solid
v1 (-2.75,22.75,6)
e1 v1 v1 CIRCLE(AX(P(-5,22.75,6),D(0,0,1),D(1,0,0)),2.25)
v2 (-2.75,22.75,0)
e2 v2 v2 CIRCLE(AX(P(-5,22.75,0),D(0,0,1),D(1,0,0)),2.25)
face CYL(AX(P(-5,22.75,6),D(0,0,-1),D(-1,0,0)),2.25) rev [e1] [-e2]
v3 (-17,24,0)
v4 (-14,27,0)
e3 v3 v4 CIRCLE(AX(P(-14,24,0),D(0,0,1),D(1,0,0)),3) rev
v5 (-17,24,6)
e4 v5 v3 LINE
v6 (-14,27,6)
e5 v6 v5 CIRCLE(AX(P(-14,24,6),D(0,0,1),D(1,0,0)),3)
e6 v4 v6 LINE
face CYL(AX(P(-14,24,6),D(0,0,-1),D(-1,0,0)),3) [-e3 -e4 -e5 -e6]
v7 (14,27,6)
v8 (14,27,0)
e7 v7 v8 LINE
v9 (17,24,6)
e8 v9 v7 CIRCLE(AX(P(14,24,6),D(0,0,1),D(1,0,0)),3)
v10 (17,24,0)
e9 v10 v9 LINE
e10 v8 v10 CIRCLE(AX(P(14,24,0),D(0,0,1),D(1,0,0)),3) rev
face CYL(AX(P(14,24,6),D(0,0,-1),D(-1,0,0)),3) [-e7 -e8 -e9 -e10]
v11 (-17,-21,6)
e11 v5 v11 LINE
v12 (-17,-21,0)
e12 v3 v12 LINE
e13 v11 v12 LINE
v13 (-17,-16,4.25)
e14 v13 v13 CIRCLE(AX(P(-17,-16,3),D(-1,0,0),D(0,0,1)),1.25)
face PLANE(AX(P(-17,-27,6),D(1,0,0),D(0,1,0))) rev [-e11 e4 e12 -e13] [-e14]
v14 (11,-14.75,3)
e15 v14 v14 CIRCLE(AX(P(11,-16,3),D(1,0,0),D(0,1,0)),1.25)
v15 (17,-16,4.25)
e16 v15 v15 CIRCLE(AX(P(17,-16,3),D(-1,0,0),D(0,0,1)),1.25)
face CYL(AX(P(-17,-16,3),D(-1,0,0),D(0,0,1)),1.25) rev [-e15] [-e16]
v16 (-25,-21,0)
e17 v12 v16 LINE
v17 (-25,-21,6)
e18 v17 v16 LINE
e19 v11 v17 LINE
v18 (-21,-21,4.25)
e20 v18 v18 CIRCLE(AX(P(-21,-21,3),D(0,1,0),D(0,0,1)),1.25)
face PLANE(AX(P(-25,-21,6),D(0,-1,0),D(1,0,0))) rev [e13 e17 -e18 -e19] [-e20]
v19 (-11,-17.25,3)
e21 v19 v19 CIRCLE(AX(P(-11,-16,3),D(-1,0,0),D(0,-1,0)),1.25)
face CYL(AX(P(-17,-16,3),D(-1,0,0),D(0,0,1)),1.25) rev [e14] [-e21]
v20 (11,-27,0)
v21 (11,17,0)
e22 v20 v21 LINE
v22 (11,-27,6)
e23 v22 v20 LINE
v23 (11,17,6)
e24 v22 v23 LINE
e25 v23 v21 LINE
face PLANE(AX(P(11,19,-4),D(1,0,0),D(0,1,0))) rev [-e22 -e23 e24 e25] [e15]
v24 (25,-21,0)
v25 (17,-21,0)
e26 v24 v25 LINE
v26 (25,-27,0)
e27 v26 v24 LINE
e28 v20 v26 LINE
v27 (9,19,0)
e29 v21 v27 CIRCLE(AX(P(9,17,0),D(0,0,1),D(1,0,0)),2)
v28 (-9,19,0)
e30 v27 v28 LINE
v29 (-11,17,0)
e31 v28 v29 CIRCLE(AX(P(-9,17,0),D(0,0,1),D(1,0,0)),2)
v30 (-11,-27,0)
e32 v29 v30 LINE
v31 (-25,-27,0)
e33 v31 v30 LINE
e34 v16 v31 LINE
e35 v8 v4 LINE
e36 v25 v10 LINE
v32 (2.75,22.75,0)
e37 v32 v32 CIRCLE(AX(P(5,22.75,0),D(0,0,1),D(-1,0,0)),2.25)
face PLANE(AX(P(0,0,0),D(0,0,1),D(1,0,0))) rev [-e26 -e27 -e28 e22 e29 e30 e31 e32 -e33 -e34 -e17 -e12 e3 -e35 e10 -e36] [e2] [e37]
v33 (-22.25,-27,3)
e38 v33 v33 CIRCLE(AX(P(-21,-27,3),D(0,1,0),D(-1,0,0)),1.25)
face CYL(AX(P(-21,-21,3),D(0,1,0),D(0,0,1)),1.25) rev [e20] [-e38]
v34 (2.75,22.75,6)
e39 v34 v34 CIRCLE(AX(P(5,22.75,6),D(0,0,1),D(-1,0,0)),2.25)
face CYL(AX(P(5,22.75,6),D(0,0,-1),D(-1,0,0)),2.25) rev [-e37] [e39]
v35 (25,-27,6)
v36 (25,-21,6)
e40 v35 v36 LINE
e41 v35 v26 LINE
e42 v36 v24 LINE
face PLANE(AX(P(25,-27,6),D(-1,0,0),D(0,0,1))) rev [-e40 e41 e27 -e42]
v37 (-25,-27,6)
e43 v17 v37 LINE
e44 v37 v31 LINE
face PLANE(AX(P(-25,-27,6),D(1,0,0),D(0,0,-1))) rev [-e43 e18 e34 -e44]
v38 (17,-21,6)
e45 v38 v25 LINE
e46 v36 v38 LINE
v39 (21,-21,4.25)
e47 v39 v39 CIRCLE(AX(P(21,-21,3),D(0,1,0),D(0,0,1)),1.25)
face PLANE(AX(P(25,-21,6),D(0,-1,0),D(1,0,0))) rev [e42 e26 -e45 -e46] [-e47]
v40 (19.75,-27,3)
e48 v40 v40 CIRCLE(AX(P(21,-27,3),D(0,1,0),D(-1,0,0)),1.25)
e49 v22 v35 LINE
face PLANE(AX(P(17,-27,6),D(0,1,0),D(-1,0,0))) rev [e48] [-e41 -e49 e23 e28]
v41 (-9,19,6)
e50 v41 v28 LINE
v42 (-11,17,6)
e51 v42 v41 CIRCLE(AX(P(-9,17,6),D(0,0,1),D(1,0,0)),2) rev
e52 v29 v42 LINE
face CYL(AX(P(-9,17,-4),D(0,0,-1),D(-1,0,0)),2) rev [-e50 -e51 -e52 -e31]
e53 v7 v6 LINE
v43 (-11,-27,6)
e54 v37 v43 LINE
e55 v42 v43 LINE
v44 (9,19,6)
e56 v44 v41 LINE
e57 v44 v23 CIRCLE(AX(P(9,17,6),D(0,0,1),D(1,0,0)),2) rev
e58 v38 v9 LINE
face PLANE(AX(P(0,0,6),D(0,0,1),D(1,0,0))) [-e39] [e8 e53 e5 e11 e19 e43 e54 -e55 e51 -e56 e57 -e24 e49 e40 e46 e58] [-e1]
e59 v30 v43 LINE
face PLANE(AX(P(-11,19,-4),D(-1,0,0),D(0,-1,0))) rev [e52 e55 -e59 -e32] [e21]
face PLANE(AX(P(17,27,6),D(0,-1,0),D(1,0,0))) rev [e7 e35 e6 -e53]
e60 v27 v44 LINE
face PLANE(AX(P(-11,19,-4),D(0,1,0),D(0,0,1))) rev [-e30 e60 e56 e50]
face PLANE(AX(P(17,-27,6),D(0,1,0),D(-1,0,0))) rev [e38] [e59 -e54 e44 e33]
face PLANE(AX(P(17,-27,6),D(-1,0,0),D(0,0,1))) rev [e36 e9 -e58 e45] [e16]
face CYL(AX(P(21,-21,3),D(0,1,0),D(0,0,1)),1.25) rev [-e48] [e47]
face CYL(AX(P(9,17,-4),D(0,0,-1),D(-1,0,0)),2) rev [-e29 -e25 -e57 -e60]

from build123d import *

# Parameters (mm, degrees)
SKETCH_1_W             = 34
SKETCH_1_H             = 54
SKETCH_1_R             = 2.25
EXTRUDE_1_DEPTH        = 6
SKETCH_4_W             = 8
SKETCH_4_H             = 6
EXTRUDE_2_DEPTH        = 6
SKETCH_2_W             = 22
SKETCH_2_H             = 46
CUT_EXTRUDE_1_DEPTH    = 10
FILLET_1_R             = 3
FILLET_2_R             = 2
HOLE_WIZARD_M3_1_D     = 2.5
HOLE_WIZARD_M3_1_DEPTH = 7.5
HOLE_WIZARD_M3_1_TIP   = 0.751075774
HOLE_WIZARD_M3_2_D     = 2.5
HOLE_WIZARD_M3_2_DEPTH = 101.5
HOLE_WIZARD_M3_2_TIP   = 0.751075774


with BuildPart() as part:
    # 草图1 → 凸台-拉伸1 (new body)
    with BuildSketch(Plane.XY):
        Rectangle(SKETCH_1_W, SKETCH_1_H)
        with Locations((-5, 22.75)):
            Circle(SKETCH_1_R, mode=Mode.SUBTRACT)
        with Locations(Location((5, 22.75, 0), (0, 0, 180))):
            Circle(SKETCH_1_R, mode=Mode.SUBTRACT)
    extrude(amount=EXTRUDE_1_DEPTH)

    # 草图4 → 凸台-拉伸2 (add)
    with BuildSketch(Plane.XY):
        with Locations((21, -24)):
            Rectangle(SKETCH_4_W, SKETCH_4_H)
        with Locations((-21, -24)):
            Rectangle(SKETCH_4_W, SKETCH_4_H)
    extrude(amount=EXTRUDE_2_DEPTH)

    # 草图2 → 切除-拉伸1 (cut)
    with BuildSketch(Plane.XY.offset(6)):
        with Locations((0, -4)):
            Rectangle(SKETCH_2_W, SKETCH_2_H)
    extrude(amount=-CUT_EXTRUDE_1_DEPTH, mode=Mode.SUBTRACT)

    # 圆角1
    fillet_1_edges = [part.edges().sort_by_distance(p)[0] for p in [
        (-17, 27, 3),
        (17, 27, 3),
    ]]
    fillet(fillet_1_edges, radius=FILLET_1_R)

    # 圆角2
    fillet_2_edges = [part.edges().sort_by_distance(p)[0] for p in [
        (-11, 19, 3),
        (11, 19, 3),
    ]]
    fillet(fillet_2_edges, radius=FILLET_2_R)

    # M3 螺纹孔1
    with Locations(Plane(origin=(0, -21, 0), x_dir=(1, 0, 0), z_dir=(0, 1, 0))):
        with Locations((-21, -3), (21, -3)):
            Hole(HOLE_WIZARD_M3_1_D / 2, depth=HOLE_WIZARD_M3_1_DEPTH)
            with Locations((0, 0, -(HOLE_WIZARD_M3_1_DEPTH + HOLE_WIZARD_M3_1_TIP / 2))):  # 118° drill point
                Cone(0, HOLE_WIZARD_M3_1_D / 2, HOLE_WIZARD_M3_1_TIP, mode=Mode.SUBTRACT)

    # M3 螺纹孔2
    with Locations(Plane.ZY.offset(17)):
        with Locations((3, -16)):
            Hole(HOLE_WIZARD_M3_2_D / 2, depth=HOLE_WIZARD_M3_2_DEPTH)
            with Locations((0, 0, -(HOLE_WIZARD_M3_2_DEPTH + HOLE_WIZARD_M3_2_TIP / 2))):  # 118° drill point
                Cone(0, HOLE_WIZARD_M3_2_D / 2, HOLE_WIZARD_M3_2_TIP, mode=Mode.SUBTRACT)


solid = part.part
